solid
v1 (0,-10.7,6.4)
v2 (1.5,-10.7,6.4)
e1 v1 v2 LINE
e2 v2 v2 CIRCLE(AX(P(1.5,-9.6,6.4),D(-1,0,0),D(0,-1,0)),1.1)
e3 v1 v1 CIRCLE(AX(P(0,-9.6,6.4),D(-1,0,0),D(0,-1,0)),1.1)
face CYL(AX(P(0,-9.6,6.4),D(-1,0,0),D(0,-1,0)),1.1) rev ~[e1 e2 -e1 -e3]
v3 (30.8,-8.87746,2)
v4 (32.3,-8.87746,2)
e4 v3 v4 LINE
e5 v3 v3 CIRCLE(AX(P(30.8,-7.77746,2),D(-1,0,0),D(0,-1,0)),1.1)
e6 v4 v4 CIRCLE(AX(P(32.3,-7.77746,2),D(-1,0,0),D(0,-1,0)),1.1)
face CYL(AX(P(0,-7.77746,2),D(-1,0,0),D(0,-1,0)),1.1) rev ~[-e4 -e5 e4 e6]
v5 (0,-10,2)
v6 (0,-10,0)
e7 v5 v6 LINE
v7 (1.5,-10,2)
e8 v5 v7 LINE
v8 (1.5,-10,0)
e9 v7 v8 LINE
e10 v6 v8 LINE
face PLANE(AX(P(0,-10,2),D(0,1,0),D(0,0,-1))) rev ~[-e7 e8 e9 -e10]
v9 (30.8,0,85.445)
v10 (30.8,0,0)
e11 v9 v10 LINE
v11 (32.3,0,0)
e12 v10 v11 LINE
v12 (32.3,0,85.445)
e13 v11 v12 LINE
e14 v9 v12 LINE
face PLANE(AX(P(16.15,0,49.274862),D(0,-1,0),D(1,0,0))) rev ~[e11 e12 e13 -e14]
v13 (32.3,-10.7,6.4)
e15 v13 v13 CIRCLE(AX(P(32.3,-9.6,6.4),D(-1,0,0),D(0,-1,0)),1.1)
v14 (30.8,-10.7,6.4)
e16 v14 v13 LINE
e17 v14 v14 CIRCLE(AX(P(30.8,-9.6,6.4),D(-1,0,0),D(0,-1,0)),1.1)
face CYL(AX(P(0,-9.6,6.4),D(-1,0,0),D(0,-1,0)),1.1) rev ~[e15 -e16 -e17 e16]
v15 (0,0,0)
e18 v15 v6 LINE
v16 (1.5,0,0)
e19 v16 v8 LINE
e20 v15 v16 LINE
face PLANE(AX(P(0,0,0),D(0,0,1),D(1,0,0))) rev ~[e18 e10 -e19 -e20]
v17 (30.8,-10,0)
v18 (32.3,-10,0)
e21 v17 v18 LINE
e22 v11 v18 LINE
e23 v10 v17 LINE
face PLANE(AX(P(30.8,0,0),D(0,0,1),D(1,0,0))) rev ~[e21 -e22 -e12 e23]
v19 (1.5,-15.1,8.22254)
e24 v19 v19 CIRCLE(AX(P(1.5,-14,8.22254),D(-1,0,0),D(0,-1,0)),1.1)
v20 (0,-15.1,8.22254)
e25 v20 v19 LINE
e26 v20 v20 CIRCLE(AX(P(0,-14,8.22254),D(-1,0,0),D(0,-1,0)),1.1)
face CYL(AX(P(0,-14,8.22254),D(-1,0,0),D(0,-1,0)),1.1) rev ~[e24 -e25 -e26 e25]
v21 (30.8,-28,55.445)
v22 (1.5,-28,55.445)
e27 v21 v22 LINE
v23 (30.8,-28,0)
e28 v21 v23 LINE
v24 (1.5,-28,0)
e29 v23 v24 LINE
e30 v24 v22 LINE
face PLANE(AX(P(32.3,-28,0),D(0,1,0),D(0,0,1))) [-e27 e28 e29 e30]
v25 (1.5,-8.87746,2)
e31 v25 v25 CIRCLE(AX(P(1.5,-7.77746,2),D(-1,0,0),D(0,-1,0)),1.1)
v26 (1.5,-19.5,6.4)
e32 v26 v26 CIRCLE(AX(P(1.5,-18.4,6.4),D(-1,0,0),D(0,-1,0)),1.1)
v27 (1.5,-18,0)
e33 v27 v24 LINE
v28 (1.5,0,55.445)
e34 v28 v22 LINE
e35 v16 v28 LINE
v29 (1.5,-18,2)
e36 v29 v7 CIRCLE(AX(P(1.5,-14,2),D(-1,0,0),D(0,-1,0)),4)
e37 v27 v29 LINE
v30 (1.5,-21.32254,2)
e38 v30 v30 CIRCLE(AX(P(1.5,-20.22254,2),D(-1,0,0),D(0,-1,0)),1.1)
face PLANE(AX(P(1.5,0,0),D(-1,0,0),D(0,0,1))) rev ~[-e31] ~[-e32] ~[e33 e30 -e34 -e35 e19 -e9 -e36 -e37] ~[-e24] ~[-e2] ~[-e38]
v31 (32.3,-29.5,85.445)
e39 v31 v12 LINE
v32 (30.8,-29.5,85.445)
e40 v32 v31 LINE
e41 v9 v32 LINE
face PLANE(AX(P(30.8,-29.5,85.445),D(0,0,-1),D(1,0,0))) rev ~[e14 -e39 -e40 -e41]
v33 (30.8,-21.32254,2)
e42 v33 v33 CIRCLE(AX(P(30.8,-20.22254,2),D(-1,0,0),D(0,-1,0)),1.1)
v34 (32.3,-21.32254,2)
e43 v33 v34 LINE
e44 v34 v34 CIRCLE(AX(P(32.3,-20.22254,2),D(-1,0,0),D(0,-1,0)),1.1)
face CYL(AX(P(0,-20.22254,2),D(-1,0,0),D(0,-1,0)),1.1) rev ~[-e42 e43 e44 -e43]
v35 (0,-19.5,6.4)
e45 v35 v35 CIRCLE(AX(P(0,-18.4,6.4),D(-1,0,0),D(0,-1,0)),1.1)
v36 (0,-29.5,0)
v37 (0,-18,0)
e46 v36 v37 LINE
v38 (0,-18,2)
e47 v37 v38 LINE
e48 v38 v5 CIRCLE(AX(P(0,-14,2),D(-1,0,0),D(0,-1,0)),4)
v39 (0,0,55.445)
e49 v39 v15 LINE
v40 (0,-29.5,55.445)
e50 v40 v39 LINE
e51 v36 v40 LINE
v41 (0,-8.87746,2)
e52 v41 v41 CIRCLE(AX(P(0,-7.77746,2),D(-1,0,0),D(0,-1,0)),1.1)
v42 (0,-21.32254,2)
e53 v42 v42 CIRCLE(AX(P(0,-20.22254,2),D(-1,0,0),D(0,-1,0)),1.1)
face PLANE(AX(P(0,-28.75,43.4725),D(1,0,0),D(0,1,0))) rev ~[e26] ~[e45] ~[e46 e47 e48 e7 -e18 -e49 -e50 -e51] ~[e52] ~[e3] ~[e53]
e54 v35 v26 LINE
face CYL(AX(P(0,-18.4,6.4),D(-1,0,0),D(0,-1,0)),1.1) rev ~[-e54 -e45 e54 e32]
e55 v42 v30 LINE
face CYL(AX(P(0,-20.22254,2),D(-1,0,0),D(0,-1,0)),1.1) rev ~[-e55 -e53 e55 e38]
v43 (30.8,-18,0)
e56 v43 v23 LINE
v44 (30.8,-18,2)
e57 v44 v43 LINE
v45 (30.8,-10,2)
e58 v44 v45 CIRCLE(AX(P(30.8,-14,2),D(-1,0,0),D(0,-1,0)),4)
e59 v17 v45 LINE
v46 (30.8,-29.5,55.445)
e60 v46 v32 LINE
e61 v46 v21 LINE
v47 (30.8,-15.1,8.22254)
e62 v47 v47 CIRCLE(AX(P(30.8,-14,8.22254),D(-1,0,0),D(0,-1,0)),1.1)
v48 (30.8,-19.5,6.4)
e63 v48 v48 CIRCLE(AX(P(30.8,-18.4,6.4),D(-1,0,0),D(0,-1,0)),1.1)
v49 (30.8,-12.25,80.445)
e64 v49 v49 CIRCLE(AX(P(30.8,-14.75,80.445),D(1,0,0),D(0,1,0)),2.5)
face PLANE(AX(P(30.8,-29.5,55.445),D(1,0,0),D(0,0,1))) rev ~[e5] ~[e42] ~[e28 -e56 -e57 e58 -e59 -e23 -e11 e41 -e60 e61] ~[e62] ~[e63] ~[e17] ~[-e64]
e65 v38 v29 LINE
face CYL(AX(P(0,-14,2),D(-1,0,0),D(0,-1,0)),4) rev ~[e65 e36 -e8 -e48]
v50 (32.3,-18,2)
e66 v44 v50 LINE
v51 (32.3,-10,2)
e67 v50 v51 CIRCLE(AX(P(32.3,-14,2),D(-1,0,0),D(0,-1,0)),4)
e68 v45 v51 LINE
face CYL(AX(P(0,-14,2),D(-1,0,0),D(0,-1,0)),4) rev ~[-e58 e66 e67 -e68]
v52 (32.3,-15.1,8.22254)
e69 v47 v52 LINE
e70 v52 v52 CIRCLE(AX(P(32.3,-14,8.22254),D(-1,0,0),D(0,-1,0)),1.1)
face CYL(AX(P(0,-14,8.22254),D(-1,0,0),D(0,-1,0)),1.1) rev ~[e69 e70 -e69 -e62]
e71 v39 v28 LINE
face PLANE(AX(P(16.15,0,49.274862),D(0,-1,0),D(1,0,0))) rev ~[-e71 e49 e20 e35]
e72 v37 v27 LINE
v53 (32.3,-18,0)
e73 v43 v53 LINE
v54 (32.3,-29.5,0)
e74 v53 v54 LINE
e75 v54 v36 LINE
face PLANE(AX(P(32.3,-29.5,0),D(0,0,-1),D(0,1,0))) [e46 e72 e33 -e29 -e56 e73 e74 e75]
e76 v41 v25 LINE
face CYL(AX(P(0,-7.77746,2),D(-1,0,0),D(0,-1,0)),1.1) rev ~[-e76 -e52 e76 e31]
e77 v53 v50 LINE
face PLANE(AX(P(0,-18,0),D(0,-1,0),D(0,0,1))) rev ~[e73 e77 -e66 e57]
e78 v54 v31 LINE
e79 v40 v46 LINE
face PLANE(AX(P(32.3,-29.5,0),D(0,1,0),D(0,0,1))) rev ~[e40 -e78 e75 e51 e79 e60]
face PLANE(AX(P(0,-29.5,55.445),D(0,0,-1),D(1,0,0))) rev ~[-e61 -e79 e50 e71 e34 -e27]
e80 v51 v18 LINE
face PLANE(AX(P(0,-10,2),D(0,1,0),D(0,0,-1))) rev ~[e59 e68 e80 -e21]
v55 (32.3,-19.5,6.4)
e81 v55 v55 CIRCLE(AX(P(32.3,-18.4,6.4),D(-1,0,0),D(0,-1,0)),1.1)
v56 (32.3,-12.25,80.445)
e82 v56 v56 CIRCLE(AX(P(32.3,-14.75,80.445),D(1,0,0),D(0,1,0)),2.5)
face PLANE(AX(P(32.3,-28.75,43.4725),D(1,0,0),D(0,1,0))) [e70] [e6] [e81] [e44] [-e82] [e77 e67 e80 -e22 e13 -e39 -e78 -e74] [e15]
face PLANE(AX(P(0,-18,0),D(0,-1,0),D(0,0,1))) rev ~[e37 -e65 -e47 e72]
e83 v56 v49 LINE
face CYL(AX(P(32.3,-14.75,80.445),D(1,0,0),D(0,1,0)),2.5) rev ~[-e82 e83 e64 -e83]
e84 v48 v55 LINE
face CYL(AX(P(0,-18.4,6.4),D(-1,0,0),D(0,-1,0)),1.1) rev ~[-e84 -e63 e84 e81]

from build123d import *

# Parameters (mm, degrees)
F1_DEPTH  = 28
F2_R      = 1.1
F3_DEPTH  = 32.301
F4_R      = 1.1
F5_DEPTH  = 1.5
F6_W      = 1.5
F6_H      = 86.945
F7_DEPTH  = 32.3
F8_W      = 29.3
F8_H      = 30
F8_W_2    = 1.5
F9_DEPTH  = 29.501
F10_R     = 2.5
F11_DEPTH = 1.5


with BuildPart() as f1:
    # F0 (on Front) → F1 (new body)
    with BuildSketch(Plane.XZ):
        Polygon((0, 86.945), (0, 0), (1.5, 0), (1.5, 85.445), (30.8, 85.445), (30.8, 0), (32.3, 0), (32.3, 86.945), align=None)
    extrude(amount=F1_DEPTH)

    # F2 (on face) → F3 (cut, through all)
    with BuildSketch(Plane(origin=(0, 0, 0), x_dir=(0, -1, 0), z_dir=(-1, 0, 0))):
        with BuildLine():
            Line((18, 0), (18, 2))
            ThreePointArc((18, 2), (14, 6), (10, 2))
            Line((10, 2), (10, 0))
            Line((10, 0), (18, 0))
        make_face()
        with Locations((20.22254, 2)):
            Circle(F2_R)
        with Locations((18.4, 6.4)):
            Circle(F2_R)
        with Locations((14, 8.22254)):
            Circle(F2_R)
        with Locations((9.6, 6.4)):
            Circle(F2_R)
        with Locations((7.77746, 2)):
            Circle(F2_R)
    extrude(amount=-F3_DEPTH, mode=Mode.SUBTRACT)

    # F4 (on face) → F5 (cut, through all)
    with BuildSketch(Plane.XY.offset(86.945)):
        with Locations((6.15, -4)):
            Circle(F4_R)
        with Locations((26.15, -4)):
            Circle(F4_R)
        with Locations((6.15, -24)):
            Circle(F4_R)
        with Locations((26.15, -24)):
            Circle(F4_R)
    extrude(amount=-F5_DEPTH, mode=Mode.SUBTRACT)

    # F6 (on face) → F7 (join)
    with BuildSketch(Plane.YZ.offset(32.3)):
        with Locations((-28.75, 43.4725)):
            Rectangle(F6_W, F6_H)
    extrude(amount=-F7_DEPTH)

    # F8 (on face) → F9 (cut, through all)
    with BuildSketch(Plane.XZ.offset(29.5)):
        with Locations((16.15, 70.445)):
            Rectangle(F8_W, F8_H)
        with Locations((0.75, 70.445)):
            Rectangle(F8_W_2, F8_H)
        Polygon((32.3, 86.945), (0, 86.945), (0, 85.445), (1.5, 85.445), (30.8, 85.445), (32.3, 85.445), align=None)
    extrude(amount=-F9_DEPTH, mode=Mode.SUBTRACT)

    # F10 (on face) → F11 (cut, through all)
    with BuildSketch(Plane.YZ.offset(32.3)):
        with Locations((-14.75, 80.445)):
            Circle(F10_R)
    extrude(amount=-F11_DEPTH, mode=Mode.SUBTRACT)


solid = f1.part
